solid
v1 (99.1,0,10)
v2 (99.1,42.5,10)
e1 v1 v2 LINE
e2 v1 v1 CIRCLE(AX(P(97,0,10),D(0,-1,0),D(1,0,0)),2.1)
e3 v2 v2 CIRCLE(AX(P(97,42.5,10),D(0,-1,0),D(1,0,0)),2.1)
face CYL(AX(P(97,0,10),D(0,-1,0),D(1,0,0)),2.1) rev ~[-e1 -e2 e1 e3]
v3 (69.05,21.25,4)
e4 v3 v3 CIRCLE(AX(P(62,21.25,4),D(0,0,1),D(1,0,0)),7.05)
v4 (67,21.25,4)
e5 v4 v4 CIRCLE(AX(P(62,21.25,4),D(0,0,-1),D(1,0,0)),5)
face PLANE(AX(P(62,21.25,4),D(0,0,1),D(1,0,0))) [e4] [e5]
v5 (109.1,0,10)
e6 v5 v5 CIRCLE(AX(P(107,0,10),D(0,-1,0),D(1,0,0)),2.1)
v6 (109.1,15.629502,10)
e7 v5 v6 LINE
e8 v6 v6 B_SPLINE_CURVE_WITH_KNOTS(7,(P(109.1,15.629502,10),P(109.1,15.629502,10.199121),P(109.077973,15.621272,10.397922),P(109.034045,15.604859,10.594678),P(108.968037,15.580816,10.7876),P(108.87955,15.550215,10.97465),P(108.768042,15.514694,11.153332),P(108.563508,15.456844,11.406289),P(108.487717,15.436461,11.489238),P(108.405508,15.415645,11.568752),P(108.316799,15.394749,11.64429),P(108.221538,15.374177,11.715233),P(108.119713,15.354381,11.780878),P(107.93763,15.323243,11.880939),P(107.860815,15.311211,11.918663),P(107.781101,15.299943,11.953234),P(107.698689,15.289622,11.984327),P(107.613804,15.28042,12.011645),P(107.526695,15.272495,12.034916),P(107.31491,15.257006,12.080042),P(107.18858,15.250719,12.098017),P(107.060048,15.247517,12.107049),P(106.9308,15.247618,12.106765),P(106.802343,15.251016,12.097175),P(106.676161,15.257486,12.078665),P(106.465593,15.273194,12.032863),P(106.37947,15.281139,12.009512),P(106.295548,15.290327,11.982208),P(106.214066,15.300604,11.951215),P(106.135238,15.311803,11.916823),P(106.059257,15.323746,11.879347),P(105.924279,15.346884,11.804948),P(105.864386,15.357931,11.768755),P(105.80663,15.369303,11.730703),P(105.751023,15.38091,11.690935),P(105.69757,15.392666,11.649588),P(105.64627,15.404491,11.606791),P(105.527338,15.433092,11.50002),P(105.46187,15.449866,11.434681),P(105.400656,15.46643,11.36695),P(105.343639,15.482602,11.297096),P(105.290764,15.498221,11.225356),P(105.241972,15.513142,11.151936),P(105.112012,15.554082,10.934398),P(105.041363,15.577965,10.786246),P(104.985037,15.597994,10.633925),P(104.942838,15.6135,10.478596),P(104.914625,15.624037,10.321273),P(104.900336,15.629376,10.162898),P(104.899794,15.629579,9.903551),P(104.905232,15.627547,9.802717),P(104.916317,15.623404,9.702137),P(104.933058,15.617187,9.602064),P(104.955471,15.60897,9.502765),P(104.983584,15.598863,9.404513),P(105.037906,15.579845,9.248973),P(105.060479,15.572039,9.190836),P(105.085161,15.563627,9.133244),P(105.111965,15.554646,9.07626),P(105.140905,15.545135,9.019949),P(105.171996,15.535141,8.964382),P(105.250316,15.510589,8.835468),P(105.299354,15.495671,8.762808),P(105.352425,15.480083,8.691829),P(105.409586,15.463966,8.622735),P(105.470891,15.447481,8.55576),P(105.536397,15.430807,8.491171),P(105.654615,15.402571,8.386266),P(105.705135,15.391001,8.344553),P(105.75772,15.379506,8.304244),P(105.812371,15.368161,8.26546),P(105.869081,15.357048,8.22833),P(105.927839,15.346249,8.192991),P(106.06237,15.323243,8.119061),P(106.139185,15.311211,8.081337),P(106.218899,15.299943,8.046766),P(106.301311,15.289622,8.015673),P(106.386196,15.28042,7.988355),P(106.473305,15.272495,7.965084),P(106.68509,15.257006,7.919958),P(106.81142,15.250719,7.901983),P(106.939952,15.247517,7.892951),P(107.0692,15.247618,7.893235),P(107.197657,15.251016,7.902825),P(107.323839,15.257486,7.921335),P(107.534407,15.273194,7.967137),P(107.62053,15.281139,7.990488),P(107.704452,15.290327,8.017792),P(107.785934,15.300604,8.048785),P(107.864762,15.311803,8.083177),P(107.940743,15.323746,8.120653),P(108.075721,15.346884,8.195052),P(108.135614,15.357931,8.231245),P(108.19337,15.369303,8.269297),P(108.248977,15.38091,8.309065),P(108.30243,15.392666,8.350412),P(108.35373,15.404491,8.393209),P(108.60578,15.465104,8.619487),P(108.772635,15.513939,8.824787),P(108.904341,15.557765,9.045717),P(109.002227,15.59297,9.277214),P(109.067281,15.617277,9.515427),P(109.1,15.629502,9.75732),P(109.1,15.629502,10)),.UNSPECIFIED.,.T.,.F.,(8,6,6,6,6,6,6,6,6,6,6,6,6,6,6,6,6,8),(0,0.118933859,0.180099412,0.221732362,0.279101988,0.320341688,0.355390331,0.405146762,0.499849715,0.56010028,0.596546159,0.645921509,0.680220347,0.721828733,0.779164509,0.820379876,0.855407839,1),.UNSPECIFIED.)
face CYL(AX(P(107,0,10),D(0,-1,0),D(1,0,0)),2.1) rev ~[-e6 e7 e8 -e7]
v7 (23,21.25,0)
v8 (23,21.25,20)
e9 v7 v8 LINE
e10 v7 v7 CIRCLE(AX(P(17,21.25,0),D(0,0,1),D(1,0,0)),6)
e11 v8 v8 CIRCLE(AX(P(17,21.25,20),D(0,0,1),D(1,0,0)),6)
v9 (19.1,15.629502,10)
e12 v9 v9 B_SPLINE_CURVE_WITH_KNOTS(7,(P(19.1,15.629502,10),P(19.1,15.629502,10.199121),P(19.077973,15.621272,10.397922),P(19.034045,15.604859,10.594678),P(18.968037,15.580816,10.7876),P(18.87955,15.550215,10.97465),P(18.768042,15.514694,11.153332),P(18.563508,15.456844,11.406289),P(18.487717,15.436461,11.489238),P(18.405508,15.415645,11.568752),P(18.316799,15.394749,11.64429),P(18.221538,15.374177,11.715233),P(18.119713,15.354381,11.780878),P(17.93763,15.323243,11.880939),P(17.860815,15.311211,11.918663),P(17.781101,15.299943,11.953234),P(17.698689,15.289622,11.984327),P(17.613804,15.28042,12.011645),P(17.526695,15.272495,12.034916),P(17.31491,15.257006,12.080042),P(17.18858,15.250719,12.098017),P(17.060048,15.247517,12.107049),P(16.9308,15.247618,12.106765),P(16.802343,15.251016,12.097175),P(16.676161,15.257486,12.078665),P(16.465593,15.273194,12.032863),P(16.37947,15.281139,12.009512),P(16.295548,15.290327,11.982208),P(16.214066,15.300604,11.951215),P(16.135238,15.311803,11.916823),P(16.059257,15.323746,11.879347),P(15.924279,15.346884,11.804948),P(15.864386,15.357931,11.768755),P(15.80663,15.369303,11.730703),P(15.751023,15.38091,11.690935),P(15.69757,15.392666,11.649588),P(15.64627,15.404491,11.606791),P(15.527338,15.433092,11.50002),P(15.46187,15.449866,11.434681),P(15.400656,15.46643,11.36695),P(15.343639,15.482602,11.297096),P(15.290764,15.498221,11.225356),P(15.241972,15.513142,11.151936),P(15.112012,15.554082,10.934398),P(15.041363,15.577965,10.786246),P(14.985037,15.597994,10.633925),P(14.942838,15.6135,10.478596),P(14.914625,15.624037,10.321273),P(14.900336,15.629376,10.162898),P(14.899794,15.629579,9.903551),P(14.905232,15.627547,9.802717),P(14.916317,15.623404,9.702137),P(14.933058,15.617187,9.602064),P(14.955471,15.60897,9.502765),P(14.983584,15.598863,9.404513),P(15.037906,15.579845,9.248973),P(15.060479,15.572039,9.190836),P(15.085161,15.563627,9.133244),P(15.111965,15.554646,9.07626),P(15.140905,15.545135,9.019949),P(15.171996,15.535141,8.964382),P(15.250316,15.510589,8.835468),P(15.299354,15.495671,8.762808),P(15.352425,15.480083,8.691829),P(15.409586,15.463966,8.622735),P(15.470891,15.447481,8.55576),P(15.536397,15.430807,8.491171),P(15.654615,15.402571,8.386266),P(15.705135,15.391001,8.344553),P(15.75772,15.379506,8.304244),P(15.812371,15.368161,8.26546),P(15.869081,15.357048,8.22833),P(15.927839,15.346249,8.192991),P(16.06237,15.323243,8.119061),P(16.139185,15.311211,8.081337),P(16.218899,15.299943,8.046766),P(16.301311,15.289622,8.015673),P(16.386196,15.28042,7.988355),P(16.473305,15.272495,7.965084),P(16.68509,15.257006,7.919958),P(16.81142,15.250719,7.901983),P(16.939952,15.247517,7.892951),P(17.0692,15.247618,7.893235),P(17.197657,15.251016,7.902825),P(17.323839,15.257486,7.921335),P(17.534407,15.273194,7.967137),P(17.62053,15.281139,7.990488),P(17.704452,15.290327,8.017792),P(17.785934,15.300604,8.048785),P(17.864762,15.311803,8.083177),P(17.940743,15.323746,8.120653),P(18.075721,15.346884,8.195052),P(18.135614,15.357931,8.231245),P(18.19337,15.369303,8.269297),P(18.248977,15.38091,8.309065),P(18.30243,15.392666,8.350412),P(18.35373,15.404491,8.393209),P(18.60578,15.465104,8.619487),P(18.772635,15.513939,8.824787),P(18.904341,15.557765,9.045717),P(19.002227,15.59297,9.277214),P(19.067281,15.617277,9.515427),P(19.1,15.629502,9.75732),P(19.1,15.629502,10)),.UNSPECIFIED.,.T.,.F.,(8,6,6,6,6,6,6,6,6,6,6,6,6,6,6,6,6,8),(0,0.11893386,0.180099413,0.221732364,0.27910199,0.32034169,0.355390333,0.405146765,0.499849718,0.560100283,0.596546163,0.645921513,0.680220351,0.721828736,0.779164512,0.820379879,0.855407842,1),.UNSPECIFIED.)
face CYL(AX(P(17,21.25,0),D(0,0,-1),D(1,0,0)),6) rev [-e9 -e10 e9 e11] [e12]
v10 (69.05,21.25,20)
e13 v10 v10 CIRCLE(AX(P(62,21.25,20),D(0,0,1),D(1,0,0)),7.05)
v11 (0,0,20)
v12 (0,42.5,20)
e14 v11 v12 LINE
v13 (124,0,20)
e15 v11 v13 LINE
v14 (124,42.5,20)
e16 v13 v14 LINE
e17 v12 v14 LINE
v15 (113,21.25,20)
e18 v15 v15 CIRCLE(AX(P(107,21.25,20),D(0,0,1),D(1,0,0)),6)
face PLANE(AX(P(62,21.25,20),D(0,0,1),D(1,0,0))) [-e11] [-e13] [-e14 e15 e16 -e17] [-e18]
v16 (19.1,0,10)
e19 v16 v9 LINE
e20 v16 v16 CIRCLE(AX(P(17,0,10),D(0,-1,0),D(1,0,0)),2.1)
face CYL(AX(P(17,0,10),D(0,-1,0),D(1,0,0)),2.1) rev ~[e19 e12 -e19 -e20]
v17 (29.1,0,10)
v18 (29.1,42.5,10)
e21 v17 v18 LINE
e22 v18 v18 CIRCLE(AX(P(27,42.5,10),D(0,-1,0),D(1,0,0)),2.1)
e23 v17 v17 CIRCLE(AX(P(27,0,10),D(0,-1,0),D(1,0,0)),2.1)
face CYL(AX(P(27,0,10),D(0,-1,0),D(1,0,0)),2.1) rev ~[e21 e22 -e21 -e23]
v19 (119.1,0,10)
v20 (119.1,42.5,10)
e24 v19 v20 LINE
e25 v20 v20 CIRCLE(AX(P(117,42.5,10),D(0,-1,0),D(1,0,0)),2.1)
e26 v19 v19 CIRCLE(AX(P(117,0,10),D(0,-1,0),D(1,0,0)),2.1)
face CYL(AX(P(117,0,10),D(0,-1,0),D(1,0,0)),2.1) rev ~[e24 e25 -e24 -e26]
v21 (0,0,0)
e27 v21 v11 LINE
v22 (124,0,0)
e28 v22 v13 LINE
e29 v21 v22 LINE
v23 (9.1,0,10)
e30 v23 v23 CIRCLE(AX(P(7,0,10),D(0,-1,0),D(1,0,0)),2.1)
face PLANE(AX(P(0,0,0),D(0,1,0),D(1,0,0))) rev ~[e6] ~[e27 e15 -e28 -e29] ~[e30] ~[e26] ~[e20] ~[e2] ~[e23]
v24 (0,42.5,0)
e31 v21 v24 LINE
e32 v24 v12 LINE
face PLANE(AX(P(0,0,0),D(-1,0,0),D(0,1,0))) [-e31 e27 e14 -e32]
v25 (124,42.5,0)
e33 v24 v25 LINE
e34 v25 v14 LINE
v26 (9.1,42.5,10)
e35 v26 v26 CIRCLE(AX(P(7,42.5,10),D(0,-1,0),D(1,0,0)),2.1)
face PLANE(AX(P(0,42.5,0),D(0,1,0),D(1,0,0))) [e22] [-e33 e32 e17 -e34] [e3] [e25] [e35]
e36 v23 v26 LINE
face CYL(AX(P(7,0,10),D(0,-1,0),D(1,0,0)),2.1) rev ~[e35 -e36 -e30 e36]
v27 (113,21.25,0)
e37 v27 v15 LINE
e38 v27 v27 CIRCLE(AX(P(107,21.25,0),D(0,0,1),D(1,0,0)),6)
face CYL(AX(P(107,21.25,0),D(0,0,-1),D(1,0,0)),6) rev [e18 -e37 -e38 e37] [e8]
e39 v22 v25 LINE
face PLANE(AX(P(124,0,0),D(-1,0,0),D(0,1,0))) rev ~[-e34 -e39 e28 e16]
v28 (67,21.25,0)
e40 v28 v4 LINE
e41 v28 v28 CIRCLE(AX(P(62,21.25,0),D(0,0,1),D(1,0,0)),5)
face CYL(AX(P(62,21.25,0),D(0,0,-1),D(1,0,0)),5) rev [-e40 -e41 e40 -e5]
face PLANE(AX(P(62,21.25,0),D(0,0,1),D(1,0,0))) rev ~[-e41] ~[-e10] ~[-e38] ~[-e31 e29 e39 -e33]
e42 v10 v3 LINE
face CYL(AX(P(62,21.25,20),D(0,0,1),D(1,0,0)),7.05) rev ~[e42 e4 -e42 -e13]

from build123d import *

# Parameters (mm, degrees)
SKETCH1_W           = 124
SKETCH1_H           = 42.5
SKETCH1_R           = 6
SKETCH1_R_2         = 5
BOSS_EXTRUDE1_DEPTH = 20
CUT_EXTRUDE1_REACH  = 44.5
SKETCH2_R           = 2.1
SKETCH3_R           = 7.05
CUT_EXTRUDE2_DEPTH  = 16


with BuildPart() as part:
    # Sketch1 → Boss-Extrude1 (new body)
    with BuildSketch(Plane.XY):
        with Locations((62, 21.25)):
            Rectangle(SKETCH1_W, SKETCH1_H)
        with Locations((17, 21.25)):
            Circle(SKETCH1_R, mode=Mode.SUBTRACT)
        with Locations((107, 21.25)):
            Circle(SKETCH1_R, mode=Mode.SUBTRACT)
        with Locations((62, 21.25)):
            Circle(SKETCH1_R_2, mode=Mode.SUBTRACT)
    extrude(amount=BOSS_EXTRUDE1_DEPTH)

    # Sketch2 → Cut-Extrude1 (cut, up to next)
    with BuildSketch(Plane.XZ, mode=Mode.PRIVATE) as cut_extrude1_sk1:
        with Locations((7, 10)):
            Circle(SKETCH2_R)
    cut_extrude1_tool1 = extrude(cut_extrude1_sk1.sketch, amount=-CUT_EXTRUDE1_REACH, mode=Mode.PRIVATE) & part.part
    add(cut_extrude1_tool1.solids().sort_by_distance((7, 0, 10))[0], mode=Mode.SUBTRACT)
    # Sketch2 → Cut-Extrude1 (cut, up to next)
    with BuildSketch(Plane.XZ, mode=Mode.PRIVATE) as cut_extrude1_sk2:
        with Locations((27, 10)):
            Circle(SKETCH2_R)
    cut_extrude1_tool2 = extrude(cut_extrude1_sk2.sketch, amount=-CUT_EXTRUDE1_REACH, mode=Mode.PRIVATE) & part.part
    add(cut_extrude1_tool2.solids().sort_by_distance((27, 0, 10))[0], mode=Mode.SUBTRACT)
    # Sketch2 → Cut-Extrude1 (cut, up to next)
    with BuildSketch(Plane.XZ, mode=Mode.PRIVATE) as cut_extrude1_sk3:
        with Locations((97, 10)):
            Circle(SKETCH2_R)
    cut_extrude1_tool3 = extrude(cut_extrude1_sk3.sketch, amount=-CUT_EXTRUDE1_REACH, mode=Mode.PRIVATE) & part.part
    add(cut_extrude1_tool3.solids().sort_by_distance((97, 0, 10))[0], mode=Mode.SUBTRACT)
    # Sketch2 → Cut-Extrude1 (cut, up to next)
    with BuildSketch(Plane.XZ, mode=Mode.PRIVATE) as cut_extrude1_sk4:
        with Locations((117, 10)):
            Circle(SKETCH2_R)
    cut_extrude1_tool4 = extrude(cut_extrude1_sk4.sketch, amount=-CUT_EXTRUDE1_REACH, mode=Mode.PRIVATE) & part.part
    add(cut_extrude1_tool4.solids().sort_by_distance((117, 0, 10))[0], mode=Mode.SUBTRACT)
    # Sketch2 → Cut-Extrude1 (cut, up to next)
    with BuildSketch(Plane.XZ, mode=Mode.PRIVATE) as cut_extrude1_sk5:
        with Locations((17, 10)):
            Circle(SKETCH2_R)
    cut_extrude1_tool5 = extrude(cut_extrude1_sk5.sketch, amount=-CUT_EXTRUDE1_REACH, mode=Mode.PRIVATE) & part.part
    add(cut_extrude1_tool5.solids().sort_by_distance((17, 0, 10))[0], mode=Mode.SUBTRACT)
    # Sketch2 → Cut-Extrude1 (cut, up to next)
    with BuildSketch(Plane.XZ, mode=Mode.PRIVATE) as cut_extrude1_sk6:
        with Locations((107, 10)):
            Circle(SKETCH2_R)
    cut_extrude1_tool6 = extrude(cut_extrude1_sk6.sketch, amount=-CUT_EXTRUDE1_REACH, mode=Mode.PRIVATE) & part.part
    add(cut_extrude1_tool6.solids().sort_by_distance((107, 0, 10))[0], mode=Mode.SUBTRACT)

    # Sketch3 → Cut-Extrude2 (cut)
    with BuildSketch(Plane.XY.offset(20)):
        with Locations((62, 21.25)):
            Circle(SKETCH3_R)
    extrude(amount=-CUT_EXTRUDE2_DEPTH, mode=Mode.SUBTRACT)


solid = part.part
